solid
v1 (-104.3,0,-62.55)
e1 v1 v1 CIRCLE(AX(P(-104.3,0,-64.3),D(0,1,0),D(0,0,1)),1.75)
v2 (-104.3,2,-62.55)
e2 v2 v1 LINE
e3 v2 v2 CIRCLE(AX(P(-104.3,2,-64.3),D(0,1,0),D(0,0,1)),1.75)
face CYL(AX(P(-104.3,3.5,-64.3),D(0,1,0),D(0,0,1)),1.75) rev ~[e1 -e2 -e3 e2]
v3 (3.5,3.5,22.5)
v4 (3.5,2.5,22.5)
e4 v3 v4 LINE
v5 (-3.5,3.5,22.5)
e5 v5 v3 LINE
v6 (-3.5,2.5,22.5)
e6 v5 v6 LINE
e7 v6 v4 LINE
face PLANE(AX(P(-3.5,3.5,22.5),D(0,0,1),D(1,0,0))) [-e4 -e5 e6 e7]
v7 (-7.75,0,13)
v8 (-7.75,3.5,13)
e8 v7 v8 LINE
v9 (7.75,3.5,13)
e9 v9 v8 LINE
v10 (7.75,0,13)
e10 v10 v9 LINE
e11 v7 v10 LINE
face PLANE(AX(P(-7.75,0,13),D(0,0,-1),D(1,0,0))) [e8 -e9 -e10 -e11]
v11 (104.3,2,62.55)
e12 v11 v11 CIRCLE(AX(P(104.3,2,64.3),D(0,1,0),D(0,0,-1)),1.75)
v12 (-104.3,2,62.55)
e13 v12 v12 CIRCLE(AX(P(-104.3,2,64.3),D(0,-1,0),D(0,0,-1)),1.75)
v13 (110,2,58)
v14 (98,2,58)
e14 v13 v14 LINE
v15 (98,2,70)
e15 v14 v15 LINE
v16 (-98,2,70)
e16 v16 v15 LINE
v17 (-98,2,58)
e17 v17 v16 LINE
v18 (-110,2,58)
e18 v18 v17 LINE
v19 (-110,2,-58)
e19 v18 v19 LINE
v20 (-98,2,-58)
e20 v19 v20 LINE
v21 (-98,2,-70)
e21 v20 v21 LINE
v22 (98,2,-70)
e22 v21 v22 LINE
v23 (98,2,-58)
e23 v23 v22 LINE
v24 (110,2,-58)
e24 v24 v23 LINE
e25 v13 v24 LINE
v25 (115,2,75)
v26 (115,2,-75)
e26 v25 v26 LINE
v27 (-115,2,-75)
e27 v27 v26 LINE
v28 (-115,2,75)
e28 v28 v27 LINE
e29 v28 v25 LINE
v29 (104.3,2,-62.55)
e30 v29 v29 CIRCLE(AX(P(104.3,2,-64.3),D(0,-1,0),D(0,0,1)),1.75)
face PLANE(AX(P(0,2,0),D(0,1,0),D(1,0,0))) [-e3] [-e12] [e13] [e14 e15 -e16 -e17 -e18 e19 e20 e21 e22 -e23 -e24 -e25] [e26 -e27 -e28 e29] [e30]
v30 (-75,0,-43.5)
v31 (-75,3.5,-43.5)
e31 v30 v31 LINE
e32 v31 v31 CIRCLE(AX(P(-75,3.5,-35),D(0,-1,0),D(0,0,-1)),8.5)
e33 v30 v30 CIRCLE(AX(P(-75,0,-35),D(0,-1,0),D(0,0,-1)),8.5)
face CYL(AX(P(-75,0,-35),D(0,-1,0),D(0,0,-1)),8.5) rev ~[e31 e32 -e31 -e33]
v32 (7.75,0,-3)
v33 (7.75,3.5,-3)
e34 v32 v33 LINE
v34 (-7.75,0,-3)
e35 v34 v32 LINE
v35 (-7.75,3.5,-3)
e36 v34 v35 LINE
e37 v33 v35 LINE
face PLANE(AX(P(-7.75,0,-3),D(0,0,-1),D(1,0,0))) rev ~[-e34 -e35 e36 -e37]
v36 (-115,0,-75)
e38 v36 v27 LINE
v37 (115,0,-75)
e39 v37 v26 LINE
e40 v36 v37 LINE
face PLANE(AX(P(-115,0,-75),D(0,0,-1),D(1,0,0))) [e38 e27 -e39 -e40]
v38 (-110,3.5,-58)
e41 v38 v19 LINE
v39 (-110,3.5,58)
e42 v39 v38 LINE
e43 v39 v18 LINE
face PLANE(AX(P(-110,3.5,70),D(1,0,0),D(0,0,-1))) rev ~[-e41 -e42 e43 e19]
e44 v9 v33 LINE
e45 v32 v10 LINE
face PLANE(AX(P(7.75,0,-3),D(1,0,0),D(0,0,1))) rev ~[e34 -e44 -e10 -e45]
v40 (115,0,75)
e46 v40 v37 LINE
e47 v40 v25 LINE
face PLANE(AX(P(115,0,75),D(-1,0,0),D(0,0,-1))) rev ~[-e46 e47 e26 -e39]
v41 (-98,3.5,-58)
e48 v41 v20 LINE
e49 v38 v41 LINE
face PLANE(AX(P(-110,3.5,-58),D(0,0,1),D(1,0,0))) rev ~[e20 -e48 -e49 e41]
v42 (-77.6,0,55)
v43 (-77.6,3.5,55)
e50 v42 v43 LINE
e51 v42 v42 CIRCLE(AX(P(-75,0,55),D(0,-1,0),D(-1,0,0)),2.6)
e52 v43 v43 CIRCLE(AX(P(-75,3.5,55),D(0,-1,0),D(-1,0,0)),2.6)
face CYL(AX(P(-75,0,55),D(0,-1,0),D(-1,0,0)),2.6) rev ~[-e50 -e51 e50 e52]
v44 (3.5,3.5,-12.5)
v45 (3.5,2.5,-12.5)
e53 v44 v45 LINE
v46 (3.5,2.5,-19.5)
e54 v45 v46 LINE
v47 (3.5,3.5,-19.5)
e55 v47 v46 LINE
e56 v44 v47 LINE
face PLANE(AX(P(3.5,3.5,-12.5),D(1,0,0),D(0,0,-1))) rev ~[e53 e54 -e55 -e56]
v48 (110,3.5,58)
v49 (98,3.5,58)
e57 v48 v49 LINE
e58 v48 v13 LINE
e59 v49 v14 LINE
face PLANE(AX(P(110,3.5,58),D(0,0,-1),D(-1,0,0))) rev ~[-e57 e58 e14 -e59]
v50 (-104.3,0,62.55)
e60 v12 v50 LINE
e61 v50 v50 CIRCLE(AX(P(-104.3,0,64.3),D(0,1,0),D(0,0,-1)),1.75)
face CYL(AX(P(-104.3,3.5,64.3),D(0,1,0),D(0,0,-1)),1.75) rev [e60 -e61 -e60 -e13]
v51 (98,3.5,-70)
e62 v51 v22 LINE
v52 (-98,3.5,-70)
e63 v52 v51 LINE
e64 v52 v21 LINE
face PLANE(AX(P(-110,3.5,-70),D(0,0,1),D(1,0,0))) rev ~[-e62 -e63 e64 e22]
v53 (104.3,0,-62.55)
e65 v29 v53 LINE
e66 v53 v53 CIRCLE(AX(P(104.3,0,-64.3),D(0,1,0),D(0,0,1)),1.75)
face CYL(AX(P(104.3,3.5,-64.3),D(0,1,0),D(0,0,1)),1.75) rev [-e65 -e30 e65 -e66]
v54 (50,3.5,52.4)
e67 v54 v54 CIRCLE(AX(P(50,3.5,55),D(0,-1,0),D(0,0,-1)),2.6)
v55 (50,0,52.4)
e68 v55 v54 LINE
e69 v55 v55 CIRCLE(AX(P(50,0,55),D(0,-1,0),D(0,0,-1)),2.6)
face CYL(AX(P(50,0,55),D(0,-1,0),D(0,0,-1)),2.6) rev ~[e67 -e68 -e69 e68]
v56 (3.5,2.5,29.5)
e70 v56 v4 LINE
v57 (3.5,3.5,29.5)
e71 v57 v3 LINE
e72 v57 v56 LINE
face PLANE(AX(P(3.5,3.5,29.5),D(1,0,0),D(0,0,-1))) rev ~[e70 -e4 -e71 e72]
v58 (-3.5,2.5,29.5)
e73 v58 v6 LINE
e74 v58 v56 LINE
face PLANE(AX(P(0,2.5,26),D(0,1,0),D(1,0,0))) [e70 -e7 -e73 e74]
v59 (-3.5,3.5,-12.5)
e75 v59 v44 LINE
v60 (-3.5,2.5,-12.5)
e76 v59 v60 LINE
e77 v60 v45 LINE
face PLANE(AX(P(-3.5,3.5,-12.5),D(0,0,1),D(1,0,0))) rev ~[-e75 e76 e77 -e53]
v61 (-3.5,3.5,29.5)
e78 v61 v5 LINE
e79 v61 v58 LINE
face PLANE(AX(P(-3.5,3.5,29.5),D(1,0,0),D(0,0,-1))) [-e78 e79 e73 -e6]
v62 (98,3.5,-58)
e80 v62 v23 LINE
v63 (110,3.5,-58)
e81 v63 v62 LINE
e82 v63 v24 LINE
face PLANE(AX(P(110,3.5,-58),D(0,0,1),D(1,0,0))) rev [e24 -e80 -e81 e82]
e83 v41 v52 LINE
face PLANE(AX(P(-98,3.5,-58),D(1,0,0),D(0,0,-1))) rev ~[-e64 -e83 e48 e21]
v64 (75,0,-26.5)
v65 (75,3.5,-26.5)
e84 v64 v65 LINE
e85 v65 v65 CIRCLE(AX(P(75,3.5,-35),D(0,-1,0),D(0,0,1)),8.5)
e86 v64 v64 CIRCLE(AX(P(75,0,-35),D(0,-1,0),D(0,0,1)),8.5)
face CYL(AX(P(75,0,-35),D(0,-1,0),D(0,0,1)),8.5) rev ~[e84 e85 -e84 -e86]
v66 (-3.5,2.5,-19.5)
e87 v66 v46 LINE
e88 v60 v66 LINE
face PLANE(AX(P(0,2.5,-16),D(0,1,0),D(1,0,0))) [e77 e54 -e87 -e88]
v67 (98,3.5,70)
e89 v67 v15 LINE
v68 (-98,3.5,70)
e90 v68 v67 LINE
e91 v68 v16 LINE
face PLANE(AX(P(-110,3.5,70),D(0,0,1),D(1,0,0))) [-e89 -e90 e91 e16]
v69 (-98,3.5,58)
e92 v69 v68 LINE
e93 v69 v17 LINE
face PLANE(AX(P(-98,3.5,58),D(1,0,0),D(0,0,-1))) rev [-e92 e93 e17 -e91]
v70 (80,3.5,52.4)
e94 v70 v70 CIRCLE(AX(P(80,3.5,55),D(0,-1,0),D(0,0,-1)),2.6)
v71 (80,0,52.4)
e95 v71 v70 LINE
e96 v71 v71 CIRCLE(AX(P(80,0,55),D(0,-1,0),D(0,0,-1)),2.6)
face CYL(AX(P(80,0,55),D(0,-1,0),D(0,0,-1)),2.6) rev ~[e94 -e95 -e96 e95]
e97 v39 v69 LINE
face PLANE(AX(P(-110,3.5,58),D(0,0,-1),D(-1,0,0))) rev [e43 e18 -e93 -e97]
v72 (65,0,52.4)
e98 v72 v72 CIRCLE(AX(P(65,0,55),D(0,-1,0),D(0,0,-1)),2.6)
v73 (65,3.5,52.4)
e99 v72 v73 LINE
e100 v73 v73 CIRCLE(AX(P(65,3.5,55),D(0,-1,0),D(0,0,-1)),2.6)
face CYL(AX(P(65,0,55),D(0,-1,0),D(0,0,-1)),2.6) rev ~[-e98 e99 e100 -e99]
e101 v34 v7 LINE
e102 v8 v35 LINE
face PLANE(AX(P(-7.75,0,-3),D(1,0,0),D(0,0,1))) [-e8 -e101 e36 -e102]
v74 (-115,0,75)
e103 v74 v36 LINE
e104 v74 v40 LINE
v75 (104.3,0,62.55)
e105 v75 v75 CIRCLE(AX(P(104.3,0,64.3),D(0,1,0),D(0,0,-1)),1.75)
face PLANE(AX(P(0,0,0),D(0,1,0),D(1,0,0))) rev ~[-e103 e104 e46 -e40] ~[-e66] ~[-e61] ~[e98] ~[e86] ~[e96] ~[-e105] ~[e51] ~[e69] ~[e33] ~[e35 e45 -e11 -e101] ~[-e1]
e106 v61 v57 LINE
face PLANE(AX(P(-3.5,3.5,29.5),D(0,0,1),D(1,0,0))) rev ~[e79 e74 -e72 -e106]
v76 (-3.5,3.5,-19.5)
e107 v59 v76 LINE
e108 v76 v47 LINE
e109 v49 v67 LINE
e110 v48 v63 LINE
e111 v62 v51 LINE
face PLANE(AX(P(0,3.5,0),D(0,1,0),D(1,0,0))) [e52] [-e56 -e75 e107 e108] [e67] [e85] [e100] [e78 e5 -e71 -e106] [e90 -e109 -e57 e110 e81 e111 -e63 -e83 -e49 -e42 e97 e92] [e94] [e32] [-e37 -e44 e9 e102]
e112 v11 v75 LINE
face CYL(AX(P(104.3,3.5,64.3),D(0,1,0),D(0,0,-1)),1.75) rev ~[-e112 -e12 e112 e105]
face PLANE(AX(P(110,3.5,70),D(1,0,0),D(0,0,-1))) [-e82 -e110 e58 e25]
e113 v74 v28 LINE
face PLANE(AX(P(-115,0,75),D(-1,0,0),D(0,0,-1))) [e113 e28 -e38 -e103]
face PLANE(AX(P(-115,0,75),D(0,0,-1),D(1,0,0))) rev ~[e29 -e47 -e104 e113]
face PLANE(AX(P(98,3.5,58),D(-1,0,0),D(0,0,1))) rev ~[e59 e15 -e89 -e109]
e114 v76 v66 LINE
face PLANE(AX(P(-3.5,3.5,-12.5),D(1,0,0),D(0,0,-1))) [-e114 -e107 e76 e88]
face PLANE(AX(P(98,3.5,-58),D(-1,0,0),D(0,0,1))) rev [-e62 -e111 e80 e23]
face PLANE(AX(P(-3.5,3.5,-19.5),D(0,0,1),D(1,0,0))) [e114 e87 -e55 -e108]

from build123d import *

# Parameters (mm, degrees)
SKETCH1_W               = 230
SKETCH1_H               = 150
BOSS_EXTRUDE1_DEPTH     = 3.5
SKETCH4_R               = 8.5
SKETCH4_W               = 15.5
SKETCH4_H               = 16
CUT_EXTRUDE2_DEPTH      = 100
SKETCH2_W               = 230
SKETCH2_H               = 150
SKETCH2_W_2             = 220
SKETCH2_H_2             = 140
CUT_EXTRUDE3_DEPTH      = 1.5
SKETCH5_W               = 12
SKETCH5_H               = 12
SKETCH5_R               = 1.75
CUT_EXTRUDE4_DEPTH      = 1.5
SKETCH7_R               = 1.75
CUT_EXTRUDE5_DEPTH      = 10
MIRROR2_COPY_1_SKETCH_W = 12
MIRROR2_COPY_1_SKETCH_H = 12
MIRROR2_COPY_1_SKETCH_R = 1.75
MIRROR2_COPY_1_DEPTH    = 1.5
MIRROR2_COPY_2_SKETCH_R = 1.75
MIRROR2_COPY_2_DEPTH    = 10
SKETCH8_R               = 2.6
CUT_EXTRUDE6_DEPTH      = 10
SKETCH9_W               = 7
SKETCH9_H               = 7
CUT_EXTRUDE7_DEPTH      = 1


with BuildPart() as part:
    # Sketch1 → Boss-Extrude1 (new body)
    with BuildSketch(Plane(origin=(0, 0, 0), x_dir=(1, 0, 0), z_dir=(0, 1, 0))):
        Rectangle(SKETCH1_W, SKETCH1_H)
    extrude(amount=BOSS_EXTRUDE1_DEPTH)

    # Sketch4 → Cut-Extrude2 (cut)
    with BuildSketch(Plane.XZ):
        with Locations(Location((-75, -35, 0), (0, 0, 270))):
            Circle(SKETCH4_R)
        with Locations(Location((75, -35, 0), (0, 0, 90))):
            Circle(SKETCH4_R)
        with Locations((0, 5)):
            Rectangle(SKETCH4_W, SKETCH4_H)
    extrude(amount=-CUT_EXTRUDE2_DEPTH, mode=Mode.SUBTRACT)

    # Sketch2 → Cut-Extrude3 (cut)
    with BuildSketch(Plane(origin=(0, 3.5, 0), x_dir=(1, 0, 0), z_dir=(0, 1, 0))):
        Rectangle(SKETCH2_W, SKETCH2_H)
        Rectangle(SKETCH2_W_2, SKETCH2_H_2, mode=Mode.SUBTRACT)
    extrude(amount=-CUT_EXTRUDE3_DEPTH, mode=Mode.SUBTRACT)

    # Sketch5 → Cut-Extrude4 (cut)
    with BuildSketch(Plane(origin=(0, 3.5, 0), x_dir=(1, 0, 0), z_dir=(0, 1, 0))):
        with Locations((-104, 64)):
            Rectangle(SKETCH5_W, SKETCH5_H)
        with Locations(Location((-104.3, 64.3, 0), (0, 0, 270))):
            Circle(SKETCH5_R, mode=Mode.SUBTRACT)
    cut_extrude4 = extrude(amount=-CUT_EXTRUDE4_DEPTH, mode=Mode.SUBTRACT)

    # Sketch7 → Cut-Extrude5 (cut)
    with BuildSketch(Plane(origin=(0, 3.5, 0), x_dir=(1, 0, 0), z_dir=(0, 1, 0))):
        with Locations(Location((-104.3, 64.3, 0), (0, 0, 270))):
            Circle(SKETCH7_R)
    cut_extrude5 = extrude(amount=-CUT_EXTRUDE5_DEPTH, mode=Mode.SUBTRACT)

    # Mirror1: Cut-Extrude4, Cut-Extrude5 across plane
    add(cut_extrude4.mirror(Plane(origin=(0, 0, 0), x_dir=(0, 0, 1), z_dir=(1, 0, 0))), mode=Mode.SUBTRACT)
    add(cut_extrude5.mirror(Plane(origin=(0, 0, 0), x_dir=(0, 0, 1), z_dir=(1, 0, 0))), mode=Mode.SUBTRACT)

    # Mirror2: Cut-Extrude4, Cut-Extrude5 across plane
    add(cut_extrude4.mirror(Plane.XY), mode=Mode.SUBTRACT)
    add(cut_extrude5.mirror(Plane.XY), mode=Mode.SUBTRACT)

    # Mirror2 copy 1 sketch → Mirror2 copy 1 (cut)
    with BuildSketch(Plane(origin=(0, 3.5, 0), x_dir=(-1, 0, 0), z_dir=(0, 1, 0))):
        with Locations((-104, 64)):
            Rectangle(MIRROR2_COPY_1_SKETCH_W, MIRROR2_COPY_1_SKETCH_H)
        with Locations(Location((-104.3, 64.3, 0), (0, 0, 270))):
            Circle(MIRROR2_COPY_1_SKETCH_R, mode=Mode.SUBTRACT)
    extrude(amount=-MIRROR2_COPY_1_DEPTH, mode=Mode.SUBTRACT)

    # Mirror2 copy 2 sketch → Mirror2 copy 2 (cut)
    with BuildSketch(Plane(origin=(0, 3.5, 0), x_dir=(-1, 0, 0), z_dir=(0, 1, 0))):
        with Locations(Location((-104.3, 64.3, 0), (0, 0, 270))):
            Circle(MIRROR2_COPY_2_SKETCH_R)
    extrude(amount=-MIRROR2_COPY_2_DEPTH, mode=Mode.SUBTRACT)

    # Sketch8 → Cut-Extrude6 (cut)
    with BuildSketch(Plane.XZ):
        with BuildLine():
            ThreePointArc((-72.4, 55), (-75, 57.6), (-77.6, 55))
            Line((-77.6, 55), (-72.4, 55))
        make_face()
        with BuildLine():
            Line((-72.4, 55), (-77.6, 55))
            ThreePointArc((-77.6, 55), (-75, 52.4), (-72.4, 55))
        make_face()
        with Locations(Location((50, 55, 0), (0, 0, 270))):
            Circle(SKETCH8_R)
        with Locations(Location((65, 55, 0), (0, 0, 270))):
            Circle(SKETCH8_R)
        with Locations(Location((80, 55, 0), (0, 0, 270))):
            Circle(SKETCH8_R)
    extrude(amount=-CUT_EXTRUDE6_DEPTH, mode=Mode.SUBTRACT)

    # Sketch9 → Cut-Extrude7 (cut)
    with BuildSketch(Plane(origin=(0, 3.5, 0), x_dir=(1, 0, 0), z_dir=(0, 1, 0))):
        with Locations((0, 16)):
            Rectangle(SKETCH9_W, SKETCH9_H)
        with Locations((0, -26)):
            Rectangle(SKETCH9_W, SKETCH9_H)
    extrude(amount=-CUT_EXTRUDE7_DEPTH, mode=Mode.SUBTRACT)


solid = part.part
